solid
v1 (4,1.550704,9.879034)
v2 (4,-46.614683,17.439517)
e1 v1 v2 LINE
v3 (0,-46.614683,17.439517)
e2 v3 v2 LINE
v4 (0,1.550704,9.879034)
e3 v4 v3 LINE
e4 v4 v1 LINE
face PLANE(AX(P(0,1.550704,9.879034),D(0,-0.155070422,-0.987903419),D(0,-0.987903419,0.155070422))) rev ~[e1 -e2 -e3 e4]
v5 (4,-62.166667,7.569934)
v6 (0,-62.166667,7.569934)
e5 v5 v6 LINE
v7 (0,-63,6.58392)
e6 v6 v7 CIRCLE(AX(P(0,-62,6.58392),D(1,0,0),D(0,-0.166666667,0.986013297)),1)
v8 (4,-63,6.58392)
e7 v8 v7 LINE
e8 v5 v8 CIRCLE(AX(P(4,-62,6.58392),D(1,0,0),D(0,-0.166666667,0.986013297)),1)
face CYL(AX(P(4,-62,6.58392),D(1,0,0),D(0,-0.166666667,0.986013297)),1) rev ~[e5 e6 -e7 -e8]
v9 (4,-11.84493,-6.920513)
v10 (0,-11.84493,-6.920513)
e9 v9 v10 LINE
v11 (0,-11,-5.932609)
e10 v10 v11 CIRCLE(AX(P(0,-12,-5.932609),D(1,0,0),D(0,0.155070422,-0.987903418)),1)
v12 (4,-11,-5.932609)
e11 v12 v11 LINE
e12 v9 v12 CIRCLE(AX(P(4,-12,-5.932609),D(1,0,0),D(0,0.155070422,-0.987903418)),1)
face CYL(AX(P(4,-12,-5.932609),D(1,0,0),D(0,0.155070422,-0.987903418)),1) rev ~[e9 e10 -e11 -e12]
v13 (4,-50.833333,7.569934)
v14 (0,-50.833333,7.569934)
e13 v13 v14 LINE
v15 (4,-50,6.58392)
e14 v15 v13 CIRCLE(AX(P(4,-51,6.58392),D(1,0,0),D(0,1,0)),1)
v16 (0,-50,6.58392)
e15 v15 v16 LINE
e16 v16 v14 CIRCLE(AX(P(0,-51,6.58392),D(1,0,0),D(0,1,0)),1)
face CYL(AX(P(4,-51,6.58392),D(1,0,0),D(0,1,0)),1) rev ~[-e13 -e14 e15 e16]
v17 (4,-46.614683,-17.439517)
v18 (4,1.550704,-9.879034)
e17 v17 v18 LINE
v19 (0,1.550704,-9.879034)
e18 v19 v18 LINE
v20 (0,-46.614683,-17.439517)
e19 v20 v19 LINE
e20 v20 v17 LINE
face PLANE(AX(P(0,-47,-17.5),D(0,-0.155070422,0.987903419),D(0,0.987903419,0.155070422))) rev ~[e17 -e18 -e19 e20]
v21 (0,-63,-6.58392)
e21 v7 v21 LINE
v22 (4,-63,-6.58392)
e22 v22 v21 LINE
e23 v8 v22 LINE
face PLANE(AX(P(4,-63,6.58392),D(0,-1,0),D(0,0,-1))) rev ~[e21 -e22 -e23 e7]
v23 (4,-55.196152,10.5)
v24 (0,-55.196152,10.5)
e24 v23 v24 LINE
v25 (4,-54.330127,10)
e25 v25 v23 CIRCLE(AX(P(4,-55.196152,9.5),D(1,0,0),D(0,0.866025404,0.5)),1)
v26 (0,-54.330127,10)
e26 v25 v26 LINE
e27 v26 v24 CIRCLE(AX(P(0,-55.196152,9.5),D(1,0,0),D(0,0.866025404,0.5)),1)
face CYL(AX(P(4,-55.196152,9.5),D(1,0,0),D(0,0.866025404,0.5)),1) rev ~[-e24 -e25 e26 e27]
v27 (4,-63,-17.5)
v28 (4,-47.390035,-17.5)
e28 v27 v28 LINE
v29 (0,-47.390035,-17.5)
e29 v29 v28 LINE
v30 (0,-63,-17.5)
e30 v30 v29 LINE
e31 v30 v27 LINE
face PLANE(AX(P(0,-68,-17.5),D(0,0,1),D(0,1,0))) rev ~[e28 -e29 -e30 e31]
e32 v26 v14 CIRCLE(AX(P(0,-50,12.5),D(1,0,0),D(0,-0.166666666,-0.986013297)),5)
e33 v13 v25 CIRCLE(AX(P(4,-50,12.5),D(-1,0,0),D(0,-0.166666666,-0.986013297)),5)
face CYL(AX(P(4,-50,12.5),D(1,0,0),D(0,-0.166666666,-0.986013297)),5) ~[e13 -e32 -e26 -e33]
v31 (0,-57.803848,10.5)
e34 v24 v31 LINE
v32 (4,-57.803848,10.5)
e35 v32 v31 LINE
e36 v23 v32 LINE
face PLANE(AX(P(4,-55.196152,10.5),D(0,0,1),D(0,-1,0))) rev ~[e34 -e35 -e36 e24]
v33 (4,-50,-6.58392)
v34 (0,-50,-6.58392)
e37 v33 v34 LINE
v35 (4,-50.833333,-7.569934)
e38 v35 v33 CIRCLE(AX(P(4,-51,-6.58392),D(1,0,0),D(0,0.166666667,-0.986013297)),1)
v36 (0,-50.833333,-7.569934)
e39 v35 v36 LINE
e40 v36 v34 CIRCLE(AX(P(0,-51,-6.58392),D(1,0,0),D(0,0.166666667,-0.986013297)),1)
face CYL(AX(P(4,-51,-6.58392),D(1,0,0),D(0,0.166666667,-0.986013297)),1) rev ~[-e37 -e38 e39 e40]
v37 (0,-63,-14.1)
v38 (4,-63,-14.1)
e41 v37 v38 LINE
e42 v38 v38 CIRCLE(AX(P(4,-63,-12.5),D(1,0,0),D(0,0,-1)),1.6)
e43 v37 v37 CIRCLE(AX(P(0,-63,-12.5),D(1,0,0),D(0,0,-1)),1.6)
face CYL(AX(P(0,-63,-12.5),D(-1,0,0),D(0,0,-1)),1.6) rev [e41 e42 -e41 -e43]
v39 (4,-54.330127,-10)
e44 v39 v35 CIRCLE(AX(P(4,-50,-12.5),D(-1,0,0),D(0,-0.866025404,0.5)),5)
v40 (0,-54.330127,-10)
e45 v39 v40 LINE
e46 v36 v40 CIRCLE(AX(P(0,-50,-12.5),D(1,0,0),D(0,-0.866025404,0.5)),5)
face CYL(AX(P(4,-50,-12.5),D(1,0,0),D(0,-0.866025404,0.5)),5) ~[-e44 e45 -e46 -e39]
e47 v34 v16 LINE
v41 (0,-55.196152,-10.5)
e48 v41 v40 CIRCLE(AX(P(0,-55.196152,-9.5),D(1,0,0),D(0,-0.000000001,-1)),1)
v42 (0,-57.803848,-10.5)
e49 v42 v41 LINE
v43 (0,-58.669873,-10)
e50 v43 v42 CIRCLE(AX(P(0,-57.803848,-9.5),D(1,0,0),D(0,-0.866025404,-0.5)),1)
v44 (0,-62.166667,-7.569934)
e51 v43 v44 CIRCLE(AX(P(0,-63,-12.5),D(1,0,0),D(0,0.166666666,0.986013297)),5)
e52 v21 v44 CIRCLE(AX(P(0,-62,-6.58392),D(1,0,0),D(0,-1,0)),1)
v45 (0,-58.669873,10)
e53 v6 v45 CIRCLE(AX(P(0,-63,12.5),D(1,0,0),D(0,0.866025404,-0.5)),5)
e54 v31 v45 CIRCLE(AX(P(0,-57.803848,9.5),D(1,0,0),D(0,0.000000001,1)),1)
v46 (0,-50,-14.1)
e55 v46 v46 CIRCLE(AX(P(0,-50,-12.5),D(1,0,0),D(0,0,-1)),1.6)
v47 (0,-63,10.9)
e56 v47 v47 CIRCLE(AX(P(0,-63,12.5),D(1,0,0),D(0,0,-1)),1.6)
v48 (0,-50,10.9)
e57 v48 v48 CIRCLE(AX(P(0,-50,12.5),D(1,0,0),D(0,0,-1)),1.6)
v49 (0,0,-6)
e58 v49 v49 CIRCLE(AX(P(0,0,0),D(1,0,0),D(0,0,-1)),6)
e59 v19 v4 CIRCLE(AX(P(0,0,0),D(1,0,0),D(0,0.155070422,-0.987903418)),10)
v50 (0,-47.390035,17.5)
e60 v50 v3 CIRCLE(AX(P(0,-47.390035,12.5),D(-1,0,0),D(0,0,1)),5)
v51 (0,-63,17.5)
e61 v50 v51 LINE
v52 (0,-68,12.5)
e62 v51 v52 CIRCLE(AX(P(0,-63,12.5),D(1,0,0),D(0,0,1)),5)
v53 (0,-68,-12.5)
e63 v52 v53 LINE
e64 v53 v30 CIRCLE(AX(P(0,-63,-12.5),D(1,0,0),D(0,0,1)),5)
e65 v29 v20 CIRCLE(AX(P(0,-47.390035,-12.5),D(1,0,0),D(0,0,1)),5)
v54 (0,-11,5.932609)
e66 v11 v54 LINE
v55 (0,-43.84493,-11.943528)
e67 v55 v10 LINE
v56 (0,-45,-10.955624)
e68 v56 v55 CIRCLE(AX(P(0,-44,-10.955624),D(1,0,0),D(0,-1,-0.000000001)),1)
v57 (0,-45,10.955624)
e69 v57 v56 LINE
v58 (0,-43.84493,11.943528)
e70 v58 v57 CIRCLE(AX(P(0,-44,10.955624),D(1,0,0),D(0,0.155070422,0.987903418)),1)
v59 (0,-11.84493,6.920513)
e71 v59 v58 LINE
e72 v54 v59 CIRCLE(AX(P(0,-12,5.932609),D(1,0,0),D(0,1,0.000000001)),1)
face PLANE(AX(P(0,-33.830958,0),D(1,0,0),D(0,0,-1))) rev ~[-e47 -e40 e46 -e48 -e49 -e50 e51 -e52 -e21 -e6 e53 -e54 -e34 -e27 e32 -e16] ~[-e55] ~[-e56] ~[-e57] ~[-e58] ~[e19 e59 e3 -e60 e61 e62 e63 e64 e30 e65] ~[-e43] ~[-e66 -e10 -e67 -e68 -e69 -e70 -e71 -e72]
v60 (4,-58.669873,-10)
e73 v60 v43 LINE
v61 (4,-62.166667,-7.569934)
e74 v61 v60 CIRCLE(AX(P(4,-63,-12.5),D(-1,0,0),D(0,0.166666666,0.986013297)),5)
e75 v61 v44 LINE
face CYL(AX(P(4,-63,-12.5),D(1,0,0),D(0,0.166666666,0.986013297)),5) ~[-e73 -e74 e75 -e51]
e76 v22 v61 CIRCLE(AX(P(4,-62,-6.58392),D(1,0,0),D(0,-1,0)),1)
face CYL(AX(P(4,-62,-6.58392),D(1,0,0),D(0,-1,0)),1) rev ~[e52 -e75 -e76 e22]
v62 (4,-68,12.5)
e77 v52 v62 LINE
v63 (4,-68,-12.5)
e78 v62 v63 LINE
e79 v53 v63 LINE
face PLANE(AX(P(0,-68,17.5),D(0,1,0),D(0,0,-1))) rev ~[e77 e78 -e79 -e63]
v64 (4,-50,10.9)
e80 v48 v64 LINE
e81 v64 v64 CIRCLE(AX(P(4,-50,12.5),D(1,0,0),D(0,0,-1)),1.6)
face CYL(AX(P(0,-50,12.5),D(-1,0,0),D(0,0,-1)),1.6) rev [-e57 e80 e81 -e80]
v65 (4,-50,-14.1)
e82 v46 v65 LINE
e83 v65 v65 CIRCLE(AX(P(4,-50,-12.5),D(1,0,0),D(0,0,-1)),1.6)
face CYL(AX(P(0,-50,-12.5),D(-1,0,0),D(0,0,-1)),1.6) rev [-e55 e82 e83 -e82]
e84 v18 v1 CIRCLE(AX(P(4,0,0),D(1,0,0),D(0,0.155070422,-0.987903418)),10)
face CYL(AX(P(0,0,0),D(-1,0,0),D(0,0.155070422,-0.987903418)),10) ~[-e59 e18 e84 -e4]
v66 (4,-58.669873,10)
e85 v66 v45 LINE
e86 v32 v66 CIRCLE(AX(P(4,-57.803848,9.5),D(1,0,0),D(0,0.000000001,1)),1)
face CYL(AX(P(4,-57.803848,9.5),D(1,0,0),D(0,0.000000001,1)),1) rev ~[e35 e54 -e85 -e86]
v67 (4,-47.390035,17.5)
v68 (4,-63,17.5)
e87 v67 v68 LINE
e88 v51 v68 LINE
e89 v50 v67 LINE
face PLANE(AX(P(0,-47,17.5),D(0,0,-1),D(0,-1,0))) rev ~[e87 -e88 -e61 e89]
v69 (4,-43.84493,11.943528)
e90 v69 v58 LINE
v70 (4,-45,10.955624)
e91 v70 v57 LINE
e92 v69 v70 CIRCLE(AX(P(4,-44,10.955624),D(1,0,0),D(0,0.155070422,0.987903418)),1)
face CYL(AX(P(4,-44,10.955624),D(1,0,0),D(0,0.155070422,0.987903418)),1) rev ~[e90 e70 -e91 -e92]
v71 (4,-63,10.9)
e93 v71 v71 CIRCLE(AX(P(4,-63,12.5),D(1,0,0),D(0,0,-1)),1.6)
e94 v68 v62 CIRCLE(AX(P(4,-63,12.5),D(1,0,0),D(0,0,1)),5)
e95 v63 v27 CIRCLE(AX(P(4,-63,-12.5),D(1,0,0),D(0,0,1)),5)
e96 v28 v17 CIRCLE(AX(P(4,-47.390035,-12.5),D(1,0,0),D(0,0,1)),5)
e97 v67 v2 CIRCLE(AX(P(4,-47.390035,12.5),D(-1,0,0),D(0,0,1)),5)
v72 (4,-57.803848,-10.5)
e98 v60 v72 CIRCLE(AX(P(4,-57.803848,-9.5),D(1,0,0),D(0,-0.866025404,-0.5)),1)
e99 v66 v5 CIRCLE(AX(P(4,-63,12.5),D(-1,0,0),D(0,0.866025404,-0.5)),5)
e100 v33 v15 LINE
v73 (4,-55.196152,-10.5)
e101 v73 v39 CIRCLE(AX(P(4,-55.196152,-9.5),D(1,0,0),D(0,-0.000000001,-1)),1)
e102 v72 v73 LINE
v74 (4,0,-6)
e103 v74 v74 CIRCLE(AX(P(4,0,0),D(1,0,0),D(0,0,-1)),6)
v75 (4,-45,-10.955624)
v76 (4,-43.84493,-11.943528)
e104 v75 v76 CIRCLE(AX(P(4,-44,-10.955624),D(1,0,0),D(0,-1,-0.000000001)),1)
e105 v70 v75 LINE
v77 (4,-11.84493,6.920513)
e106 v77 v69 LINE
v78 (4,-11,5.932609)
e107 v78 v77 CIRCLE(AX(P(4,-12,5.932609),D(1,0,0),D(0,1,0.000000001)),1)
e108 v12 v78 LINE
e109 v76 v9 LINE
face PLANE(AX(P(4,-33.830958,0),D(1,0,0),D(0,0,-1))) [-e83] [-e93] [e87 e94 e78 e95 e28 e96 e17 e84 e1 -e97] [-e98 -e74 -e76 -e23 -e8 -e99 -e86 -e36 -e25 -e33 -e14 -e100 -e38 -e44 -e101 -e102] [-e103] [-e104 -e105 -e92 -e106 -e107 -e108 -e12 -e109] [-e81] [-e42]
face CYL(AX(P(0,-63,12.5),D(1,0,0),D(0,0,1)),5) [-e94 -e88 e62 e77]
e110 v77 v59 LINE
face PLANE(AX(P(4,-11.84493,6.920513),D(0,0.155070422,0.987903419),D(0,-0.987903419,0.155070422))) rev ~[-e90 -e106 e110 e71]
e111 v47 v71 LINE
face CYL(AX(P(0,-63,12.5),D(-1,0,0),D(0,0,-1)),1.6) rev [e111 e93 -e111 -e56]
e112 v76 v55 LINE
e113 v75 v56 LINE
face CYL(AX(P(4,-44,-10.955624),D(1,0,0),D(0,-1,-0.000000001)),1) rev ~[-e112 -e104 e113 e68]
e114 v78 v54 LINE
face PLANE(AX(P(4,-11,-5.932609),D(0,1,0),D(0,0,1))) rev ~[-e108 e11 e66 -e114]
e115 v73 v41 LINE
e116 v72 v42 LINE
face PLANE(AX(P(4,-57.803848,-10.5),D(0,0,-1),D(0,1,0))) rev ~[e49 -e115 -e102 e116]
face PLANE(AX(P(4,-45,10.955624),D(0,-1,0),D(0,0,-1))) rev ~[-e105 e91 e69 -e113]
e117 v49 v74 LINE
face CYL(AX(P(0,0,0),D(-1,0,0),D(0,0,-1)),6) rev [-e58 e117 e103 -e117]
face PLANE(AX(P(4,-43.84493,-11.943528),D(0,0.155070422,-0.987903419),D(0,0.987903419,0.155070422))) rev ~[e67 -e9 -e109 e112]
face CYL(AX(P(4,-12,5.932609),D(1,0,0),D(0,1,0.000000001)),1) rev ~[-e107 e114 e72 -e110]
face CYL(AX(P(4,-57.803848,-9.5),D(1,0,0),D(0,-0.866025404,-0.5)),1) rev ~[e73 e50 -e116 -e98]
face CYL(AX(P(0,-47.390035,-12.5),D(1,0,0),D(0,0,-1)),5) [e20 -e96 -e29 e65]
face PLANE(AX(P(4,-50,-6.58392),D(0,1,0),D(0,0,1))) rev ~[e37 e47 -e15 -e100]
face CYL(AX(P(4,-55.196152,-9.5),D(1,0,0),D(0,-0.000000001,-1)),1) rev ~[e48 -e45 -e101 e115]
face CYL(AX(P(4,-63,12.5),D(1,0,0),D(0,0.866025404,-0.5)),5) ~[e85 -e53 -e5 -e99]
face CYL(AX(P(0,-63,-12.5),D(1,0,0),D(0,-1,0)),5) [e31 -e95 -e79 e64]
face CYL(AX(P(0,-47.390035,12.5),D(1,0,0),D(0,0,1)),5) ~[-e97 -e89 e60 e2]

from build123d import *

# Parameters (mm, degrees)
SKETCH_1_R          = 6
SKETCH_1_R_2        = 1.6
EXTRUDE_1_DEPTH     = 4
CUT_EXTRUDE_2_DEPTH = 71.329581259
FILLET_1_R          = 5


with BuildPart() as part:
    # 草图1 → 凸台-拉伸1 (new body)
    with BuildSketch(Plane(origin=(0, 0, 0), x_dir=(0, 0, -1), z_dir=(1, 0, 0))):
        with BuildLine():
            Line((-17.5, -47), (-17.5, -68))
            Line((-17.5, -68), (17.5, -68))
            Line((17.5, -68), (17.5, -47))
            Line((17.5, -47), (9.879034185, 1.550704218))
            ThreePointArc((9.879034185, 1.550704218), (0, 10), (-9.879034185, 1.550704218))
            Line((-9.879034185, 1.550704218), (-17.5, -47))
        make_face()
        Circle(SKETCH_1_R, mode=Mode.SUBTRACT)
        with Locations((-12.5, -50)):
            Circle(SKETCH_1_R_2, mode=Mode.SUBTRACT)
        with Locations((12.5, -50)):
            Circle(SKETCH_1_R_2, mode=Mode.SUBTRACT)
        with Locations((-12.5, -63)):
            Circle(SKETCH_1_R_2, mode=Mode.SUBTRACT)
        with Locations((12.5, -63)):
            Circle(SKETCH_1_R_2, mode=Mode.SUBTRACT)
    extrude(amount=EXTRUDE_1_DEPTH)

    # 草图3 → 切除-拉伸2 (cut, through all)
    with BuildSketch(Plane(origin=(4, 0, 0), x_dir=(0, 0, -1), z_dir=(1, 0, 0))):
        with BuildLine():
            Line((-6.920512772, -11.844929578), (-11.943527577, -43.844929578))
            ThreePointArc((-11.943527577, -43.844929578), (-11.715581533, -44.649972914), (-10.955624159, -45))
            Line((-10.955624159, -45), (10.955624159, -45))
            ThreePointArc((10.955624159, -45), (11.715581533, -44.649972914), (11.943527577, -43.844929578))
            Line((11.943527577, -43.844929578), (6.920512772, -11.844929578))
            ThreePointArc((6.920512772, -11.844929578), (6.582582268, -11.240042626), (5.932609354, -11))
            Line((5.932609354, -11), (-5.932609354, -11))
            ThreePointArc((-5.932609354, -11), (-6.582582268, -11.240042626), (-6.920512772, -11.844929578))
        make_face()
        with BuildLine():
            Line((-10.5, -55.196152423), (-10.5, -57.803847577))
            ThreePointArc((-10.5, -57.803847577), (-10.366025404, -58.303847577), (-10, -58.669872981))
            ThreePointArc((-10, -58.669872981), (-8.394106246, -60.146644697), (-7.569933514, -62.166666667))
            ThreePointArc((-7.569933514, -62.166666667), (-7.229417441, -62.763762616), (-6.583920217, -63))
            Line((-6.583920217, -63), (6.583920217, -63))
            ThreePointArc((6.583920217, -63), (7.229417441, -62.763762616), (7.569933514, -62.166666667))
            ThreePointArc((7.569933514, -62.166666667), (8.394106246, -60.146644697), (10, -58.669872981))
            ThreePointArc((10, -58.669872981), (10.366025404, -58.303847577), (10.5, -57.803847577))
            Line((10.5, -57.803847577), (10.5, -55.196152423))
            ThreePointArc((10.5, -55.196152423), (10.366025404, -54.696152423), (10, -54.330127019))
            ThreePointArc((10, -54.330127019), (8.394106246, -52.853355303), (7.569933514, -50.833333333))
            ThreePointArc((7.569933514, -50.833333333), (7.229417441, -50.236237384), (6.583920217, -50))
            Line((6.583920217, -50), (-6.583920217, -50))
            ThreePointArc((-6.583920217, -50), (-7.229417441, -50.236237384), (-7.569933514, -50.833333333))
            ThreePointArc((-7.569933514, -50.833333333), (-8.394106246, -52.853355303), (-10, -54.330127019))
            ThreePointArc((-10, -54.330127019), (-10.366025404, -54.696152423), (-10.5, -55.196152423))
        make_face()
    extrude(amount=-CUT_EXTRUDE_2_DEPTH, mode=Mode.SUBTRACT)

    # 圆角1
    fillet_1_edges = [part.edges().sort_by_distance(p)[0] for p in [
        (2, -47, -17.5),
        (2, -68, -17.5),
        (2, -68, 17.5),
        (2, -47, 17.5),
    ]]
    fillet(fillet_1_edges, radius=FILLET_1_R)


solid = part.part
